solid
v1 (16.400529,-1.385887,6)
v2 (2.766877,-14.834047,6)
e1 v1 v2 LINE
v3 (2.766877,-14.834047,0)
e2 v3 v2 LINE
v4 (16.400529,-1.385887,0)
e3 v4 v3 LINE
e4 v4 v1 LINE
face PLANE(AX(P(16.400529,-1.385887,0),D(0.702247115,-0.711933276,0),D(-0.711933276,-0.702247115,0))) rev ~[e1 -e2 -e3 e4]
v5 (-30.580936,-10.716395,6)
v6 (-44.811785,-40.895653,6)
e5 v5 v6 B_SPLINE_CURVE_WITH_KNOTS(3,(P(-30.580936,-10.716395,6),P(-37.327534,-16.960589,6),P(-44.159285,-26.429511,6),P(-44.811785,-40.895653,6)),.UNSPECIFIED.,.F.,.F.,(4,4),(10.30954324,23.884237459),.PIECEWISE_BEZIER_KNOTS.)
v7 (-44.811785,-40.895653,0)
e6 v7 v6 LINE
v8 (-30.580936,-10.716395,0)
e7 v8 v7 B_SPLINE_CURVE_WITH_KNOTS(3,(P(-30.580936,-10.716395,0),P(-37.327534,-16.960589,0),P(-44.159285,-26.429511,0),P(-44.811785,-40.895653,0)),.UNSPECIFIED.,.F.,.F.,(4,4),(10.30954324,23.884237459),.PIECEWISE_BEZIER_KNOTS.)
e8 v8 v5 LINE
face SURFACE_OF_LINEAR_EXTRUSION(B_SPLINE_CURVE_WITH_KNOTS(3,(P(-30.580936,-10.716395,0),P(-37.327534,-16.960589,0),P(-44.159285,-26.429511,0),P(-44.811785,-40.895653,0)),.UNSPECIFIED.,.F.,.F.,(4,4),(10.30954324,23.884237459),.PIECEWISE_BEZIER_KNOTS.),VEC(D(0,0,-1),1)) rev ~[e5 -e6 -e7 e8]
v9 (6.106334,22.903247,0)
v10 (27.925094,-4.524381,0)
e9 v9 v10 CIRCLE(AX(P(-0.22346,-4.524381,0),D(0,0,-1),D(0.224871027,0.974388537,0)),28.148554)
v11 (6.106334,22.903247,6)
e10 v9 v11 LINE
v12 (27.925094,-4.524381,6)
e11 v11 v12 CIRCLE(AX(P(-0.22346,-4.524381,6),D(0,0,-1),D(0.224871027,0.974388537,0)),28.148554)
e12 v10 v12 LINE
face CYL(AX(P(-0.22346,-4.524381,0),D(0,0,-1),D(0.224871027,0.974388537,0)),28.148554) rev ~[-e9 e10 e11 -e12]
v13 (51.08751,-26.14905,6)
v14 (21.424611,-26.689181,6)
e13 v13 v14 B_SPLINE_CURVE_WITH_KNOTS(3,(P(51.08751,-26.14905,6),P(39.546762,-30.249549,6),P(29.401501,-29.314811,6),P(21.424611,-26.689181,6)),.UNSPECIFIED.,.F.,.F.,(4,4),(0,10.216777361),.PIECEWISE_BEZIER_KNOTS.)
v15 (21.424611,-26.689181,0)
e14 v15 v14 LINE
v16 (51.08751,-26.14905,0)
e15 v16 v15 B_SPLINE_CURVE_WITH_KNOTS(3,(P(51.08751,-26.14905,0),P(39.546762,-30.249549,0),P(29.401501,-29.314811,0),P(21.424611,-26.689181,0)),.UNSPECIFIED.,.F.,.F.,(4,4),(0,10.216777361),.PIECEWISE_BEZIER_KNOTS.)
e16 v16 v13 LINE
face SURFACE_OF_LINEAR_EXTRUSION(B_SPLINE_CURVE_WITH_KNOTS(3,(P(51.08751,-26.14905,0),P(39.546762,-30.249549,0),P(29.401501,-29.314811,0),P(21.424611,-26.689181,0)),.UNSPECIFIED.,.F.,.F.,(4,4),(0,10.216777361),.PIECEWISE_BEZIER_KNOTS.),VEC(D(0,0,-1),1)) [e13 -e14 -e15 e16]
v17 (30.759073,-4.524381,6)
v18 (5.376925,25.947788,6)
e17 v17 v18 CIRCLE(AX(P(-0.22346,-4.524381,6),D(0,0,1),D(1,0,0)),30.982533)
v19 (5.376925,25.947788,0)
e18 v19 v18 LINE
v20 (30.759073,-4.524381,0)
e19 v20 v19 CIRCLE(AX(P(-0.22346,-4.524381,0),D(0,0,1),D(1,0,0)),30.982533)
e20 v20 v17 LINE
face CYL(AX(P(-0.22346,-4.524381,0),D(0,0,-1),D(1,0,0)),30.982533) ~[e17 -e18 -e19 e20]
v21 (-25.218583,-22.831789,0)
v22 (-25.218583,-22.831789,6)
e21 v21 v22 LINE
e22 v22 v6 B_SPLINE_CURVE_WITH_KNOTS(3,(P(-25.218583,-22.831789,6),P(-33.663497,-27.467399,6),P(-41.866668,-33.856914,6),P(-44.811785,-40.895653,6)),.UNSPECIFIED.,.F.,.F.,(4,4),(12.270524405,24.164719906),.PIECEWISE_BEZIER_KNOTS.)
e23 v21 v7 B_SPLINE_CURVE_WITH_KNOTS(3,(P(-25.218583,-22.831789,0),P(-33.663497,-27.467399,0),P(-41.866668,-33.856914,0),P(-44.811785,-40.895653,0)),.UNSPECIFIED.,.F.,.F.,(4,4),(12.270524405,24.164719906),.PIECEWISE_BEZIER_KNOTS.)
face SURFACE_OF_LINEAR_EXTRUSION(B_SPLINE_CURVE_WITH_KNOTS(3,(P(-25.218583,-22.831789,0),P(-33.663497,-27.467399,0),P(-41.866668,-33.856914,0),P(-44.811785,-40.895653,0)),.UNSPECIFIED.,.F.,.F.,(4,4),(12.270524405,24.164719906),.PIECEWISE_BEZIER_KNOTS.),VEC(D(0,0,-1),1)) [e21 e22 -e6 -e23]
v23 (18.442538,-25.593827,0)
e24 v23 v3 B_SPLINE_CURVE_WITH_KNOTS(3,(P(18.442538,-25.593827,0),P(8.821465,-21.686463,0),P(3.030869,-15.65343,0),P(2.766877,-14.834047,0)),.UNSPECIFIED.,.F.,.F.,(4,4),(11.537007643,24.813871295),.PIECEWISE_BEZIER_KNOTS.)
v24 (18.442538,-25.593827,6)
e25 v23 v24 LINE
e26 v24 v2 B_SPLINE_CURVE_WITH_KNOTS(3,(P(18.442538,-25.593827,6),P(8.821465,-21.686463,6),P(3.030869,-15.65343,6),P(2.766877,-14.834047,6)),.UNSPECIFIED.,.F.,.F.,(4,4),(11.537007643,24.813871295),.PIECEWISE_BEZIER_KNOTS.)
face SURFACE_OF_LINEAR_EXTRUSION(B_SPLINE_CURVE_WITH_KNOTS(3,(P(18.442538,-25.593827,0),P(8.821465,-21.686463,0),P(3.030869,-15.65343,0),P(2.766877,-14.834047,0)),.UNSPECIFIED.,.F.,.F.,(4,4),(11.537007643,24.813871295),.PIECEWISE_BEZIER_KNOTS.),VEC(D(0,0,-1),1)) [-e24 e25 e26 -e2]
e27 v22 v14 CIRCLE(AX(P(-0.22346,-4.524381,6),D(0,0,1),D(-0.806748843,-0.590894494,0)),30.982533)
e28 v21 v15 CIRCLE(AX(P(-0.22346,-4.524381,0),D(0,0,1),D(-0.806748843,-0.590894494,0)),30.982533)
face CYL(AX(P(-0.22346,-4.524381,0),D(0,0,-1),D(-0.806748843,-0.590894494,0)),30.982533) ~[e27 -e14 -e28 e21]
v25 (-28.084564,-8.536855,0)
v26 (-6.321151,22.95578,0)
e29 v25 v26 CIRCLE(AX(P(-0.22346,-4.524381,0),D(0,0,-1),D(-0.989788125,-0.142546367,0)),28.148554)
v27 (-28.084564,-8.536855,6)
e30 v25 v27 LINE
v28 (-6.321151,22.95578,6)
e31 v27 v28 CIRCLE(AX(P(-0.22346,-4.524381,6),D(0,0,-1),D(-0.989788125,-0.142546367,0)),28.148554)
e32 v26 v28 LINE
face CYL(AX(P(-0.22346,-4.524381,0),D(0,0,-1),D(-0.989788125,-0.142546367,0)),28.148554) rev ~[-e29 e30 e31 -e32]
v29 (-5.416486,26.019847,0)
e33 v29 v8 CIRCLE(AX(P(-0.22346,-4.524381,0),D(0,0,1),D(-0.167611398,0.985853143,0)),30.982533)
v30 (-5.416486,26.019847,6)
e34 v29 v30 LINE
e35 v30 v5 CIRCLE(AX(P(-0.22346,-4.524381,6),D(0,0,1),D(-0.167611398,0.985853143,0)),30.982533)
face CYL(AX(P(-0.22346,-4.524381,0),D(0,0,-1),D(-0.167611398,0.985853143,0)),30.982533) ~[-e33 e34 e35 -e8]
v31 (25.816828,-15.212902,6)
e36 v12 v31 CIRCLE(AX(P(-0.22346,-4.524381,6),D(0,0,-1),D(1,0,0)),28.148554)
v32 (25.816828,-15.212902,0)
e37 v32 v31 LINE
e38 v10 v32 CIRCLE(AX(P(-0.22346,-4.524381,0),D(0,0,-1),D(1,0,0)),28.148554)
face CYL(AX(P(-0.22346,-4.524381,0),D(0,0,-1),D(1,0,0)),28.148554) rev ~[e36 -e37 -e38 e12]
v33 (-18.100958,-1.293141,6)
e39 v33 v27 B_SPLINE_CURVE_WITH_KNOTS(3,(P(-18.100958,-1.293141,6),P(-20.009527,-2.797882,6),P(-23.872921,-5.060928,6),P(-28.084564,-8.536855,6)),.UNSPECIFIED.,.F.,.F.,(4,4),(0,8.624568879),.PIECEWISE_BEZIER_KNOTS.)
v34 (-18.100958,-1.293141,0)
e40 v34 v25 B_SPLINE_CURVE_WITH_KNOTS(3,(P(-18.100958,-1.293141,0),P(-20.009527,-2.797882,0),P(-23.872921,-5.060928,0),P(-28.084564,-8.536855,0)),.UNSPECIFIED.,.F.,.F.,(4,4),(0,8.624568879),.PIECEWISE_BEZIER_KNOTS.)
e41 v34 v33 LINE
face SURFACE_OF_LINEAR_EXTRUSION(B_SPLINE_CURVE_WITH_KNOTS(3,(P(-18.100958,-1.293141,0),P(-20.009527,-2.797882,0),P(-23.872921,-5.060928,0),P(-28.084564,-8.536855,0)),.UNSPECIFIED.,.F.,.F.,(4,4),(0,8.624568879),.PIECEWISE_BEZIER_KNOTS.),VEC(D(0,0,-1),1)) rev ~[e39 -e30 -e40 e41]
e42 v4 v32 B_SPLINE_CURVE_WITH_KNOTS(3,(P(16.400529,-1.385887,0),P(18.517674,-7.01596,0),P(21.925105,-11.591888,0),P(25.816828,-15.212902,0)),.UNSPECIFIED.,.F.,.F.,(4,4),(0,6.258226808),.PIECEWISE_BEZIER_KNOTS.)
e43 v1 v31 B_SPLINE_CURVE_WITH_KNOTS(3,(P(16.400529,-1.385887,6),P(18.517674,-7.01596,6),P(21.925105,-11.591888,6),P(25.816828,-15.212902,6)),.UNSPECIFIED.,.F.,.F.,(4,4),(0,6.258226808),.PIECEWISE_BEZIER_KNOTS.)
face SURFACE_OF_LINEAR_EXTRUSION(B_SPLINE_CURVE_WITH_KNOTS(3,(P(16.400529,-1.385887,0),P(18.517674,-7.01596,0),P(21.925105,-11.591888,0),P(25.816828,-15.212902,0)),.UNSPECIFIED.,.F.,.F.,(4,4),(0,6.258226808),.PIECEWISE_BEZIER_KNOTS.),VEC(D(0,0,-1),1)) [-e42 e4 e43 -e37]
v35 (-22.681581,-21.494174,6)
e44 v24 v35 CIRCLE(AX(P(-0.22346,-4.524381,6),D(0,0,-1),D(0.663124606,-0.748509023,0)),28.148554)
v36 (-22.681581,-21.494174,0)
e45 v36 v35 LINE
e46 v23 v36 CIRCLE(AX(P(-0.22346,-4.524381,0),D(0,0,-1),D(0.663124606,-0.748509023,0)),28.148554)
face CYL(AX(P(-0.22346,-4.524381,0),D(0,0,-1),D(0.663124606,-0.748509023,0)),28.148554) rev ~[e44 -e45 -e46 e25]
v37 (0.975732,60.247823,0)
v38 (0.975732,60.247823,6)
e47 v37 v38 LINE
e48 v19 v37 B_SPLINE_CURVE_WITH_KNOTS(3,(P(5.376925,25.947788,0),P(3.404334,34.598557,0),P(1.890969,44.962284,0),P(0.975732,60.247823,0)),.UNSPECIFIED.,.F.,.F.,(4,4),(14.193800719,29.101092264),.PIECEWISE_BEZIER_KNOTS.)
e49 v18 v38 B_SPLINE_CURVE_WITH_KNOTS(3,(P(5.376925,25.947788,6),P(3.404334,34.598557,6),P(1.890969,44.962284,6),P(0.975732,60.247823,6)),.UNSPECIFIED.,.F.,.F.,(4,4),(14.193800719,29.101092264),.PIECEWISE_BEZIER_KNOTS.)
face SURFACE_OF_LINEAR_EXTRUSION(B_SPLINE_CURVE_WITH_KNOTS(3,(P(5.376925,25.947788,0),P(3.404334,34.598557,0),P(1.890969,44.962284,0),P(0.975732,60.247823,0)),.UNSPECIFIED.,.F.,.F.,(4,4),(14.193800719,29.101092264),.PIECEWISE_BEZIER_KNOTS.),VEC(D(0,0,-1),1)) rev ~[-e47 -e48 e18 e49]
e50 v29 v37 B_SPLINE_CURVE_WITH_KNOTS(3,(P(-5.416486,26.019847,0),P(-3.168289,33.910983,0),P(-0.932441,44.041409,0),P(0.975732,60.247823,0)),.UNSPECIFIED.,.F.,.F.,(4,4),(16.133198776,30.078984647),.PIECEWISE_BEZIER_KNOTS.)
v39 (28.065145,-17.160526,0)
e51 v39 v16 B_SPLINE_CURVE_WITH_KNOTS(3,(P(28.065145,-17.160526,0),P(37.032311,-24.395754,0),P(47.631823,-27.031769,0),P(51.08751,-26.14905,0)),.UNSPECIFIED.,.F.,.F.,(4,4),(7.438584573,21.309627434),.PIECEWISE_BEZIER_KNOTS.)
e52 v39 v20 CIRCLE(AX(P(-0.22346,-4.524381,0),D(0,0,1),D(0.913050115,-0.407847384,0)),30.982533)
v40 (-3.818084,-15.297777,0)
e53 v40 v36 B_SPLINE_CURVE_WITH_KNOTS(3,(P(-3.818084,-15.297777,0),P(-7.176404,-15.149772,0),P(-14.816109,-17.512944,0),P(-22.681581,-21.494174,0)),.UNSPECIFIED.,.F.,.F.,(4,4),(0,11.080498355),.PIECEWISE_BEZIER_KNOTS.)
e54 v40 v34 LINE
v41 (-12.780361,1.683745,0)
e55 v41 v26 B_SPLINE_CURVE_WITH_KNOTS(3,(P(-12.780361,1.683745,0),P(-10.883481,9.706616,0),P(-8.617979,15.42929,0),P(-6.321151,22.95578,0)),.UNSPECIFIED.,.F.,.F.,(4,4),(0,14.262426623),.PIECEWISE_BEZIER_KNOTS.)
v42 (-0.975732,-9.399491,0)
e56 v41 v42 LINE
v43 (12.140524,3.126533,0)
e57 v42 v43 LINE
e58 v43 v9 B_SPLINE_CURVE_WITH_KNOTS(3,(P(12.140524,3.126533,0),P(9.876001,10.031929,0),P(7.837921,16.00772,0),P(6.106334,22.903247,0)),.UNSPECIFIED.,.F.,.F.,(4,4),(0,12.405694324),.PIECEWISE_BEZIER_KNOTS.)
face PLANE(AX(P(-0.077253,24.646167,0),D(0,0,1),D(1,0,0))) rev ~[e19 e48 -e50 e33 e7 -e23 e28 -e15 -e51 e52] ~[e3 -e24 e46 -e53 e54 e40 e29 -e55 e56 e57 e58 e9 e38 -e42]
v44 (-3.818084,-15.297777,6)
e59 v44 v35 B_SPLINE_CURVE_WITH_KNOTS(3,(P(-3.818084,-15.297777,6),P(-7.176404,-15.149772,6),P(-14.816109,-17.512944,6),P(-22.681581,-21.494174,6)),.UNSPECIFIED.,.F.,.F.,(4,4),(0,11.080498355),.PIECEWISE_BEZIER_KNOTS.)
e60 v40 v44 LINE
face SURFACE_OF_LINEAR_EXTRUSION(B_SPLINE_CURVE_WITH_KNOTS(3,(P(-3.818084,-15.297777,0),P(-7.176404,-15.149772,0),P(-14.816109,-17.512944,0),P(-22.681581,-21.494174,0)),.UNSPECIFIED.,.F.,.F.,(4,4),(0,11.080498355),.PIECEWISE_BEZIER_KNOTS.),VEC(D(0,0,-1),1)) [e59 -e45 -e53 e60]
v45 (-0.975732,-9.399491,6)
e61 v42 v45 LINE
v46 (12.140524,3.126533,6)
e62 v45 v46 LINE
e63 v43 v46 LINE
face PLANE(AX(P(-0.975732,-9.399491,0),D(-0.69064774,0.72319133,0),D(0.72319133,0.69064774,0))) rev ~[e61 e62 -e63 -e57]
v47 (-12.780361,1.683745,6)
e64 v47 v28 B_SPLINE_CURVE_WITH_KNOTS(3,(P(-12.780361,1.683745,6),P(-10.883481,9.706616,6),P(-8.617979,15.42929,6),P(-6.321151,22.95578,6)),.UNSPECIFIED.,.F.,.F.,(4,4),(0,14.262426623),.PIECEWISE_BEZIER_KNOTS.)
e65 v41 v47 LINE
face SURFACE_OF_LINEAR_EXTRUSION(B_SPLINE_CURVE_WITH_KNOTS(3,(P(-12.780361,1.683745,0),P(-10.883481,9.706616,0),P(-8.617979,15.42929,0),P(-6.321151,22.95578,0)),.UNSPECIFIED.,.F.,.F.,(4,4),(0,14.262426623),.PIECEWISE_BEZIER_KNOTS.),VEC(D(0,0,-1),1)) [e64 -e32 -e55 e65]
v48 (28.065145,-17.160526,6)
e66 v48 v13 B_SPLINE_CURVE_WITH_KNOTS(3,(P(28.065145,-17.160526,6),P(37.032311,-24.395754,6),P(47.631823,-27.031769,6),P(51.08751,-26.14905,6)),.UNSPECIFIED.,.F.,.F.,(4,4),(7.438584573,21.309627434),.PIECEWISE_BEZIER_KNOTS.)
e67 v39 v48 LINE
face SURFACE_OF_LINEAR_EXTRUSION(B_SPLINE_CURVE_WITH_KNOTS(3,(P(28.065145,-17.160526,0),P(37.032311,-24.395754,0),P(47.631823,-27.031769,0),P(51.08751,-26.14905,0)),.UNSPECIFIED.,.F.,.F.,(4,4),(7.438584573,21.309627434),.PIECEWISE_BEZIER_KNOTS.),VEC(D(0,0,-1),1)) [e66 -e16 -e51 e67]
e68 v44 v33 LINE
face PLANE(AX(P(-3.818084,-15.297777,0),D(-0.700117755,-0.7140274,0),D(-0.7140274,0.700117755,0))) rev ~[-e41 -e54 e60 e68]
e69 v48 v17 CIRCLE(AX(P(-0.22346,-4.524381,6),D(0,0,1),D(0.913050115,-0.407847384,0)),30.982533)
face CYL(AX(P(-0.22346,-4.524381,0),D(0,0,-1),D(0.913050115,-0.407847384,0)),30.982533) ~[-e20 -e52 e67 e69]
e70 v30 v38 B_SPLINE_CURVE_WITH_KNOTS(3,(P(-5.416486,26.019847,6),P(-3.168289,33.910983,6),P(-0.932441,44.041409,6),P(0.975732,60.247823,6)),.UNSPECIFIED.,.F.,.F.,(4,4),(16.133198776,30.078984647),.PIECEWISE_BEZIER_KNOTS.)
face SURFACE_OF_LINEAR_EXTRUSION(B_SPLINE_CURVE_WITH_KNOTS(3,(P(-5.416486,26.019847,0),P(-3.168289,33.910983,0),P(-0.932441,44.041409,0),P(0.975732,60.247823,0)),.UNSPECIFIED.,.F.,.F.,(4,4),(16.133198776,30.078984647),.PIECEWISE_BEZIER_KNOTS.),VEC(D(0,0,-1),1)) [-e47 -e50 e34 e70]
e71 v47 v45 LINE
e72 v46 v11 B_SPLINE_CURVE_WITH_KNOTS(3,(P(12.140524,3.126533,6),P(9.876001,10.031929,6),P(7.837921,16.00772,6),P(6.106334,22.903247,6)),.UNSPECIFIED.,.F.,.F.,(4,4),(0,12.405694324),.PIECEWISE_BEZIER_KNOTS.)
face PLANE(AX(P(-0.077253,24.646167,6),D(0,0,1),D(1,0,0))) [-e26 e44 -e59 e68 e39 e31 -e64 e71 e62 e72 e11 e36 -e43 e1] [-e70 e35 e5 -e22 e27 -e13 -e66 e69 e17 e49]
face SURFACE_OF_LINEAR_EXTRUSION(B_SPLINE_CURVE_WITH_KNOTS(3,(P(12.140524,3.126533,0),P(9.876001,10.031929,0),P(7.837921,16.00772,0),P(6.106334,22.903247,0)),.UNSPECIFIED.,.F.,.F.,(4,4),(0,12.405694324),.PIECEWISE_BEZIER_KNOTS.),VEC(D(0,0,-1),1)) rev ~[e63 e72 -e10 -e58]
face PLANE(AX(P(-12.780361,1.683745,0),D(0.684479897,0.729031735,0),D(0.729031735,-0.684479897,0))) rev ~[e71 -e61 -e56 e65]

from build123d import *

# Parameters (mm, degrees)
F1_DEPTH = 3
F2_SCALE = 2


with BuildPart() as f1:
    # F0 (on Top) → F1 (new body)
    with BuildSketch(Plane.XY):
        with BuildLine():
            ThreePointArc((-3.6484416958, 6.7781442245), (-0.540102633, 7.112214953), (2.5653010723, 6.7518778775))
            add(Edge.make_bspline(
                [(2.5653010723, 6.7518778775), (2.4405091478, 7.2488244878), (2.3189009562, 7.7553249268), (2.2005963536, 8.274148071)],
                knots=[12.4056943241, 12.4056943241, 12.4056943241, 12.4056943241, 14.1938007186, 14.1938007186, 14.1938007186, 14.1938007186], degree=3))
            ThreePointArc((2.2005963536, 8.274148071), (-0.4961751675, 8.5289851847), (-3.1961088455, 8.3101776771))
            add(Edge.make_bspline(
                [(-3.6484416958, 6.7781442245), (-3.4978066969, 7.2717610823), (-3.3469022152, 7.7808952815), (-3.1961088455, 8.3101776771)],
                knots=[14.2624266232, 14.2624266232, 14.2624266232, 14.2624266232, 16.1331987756, 16.1331987756, 16.1331987756, 16.1331987756], degree=3))
        make_face()
        with BuildLine():
            ThreePointArc((-3.1961088455, 8.3101776771), (-0.4961751675, 8.5289851847), (2.2005963536, 8.274148071))
            add(Edge.make_bspline(
                [(2.2005963536, 8.274148071), (1.2143009025, 12.5995326758), (0.4576186117, 17.781396506), (0, 25.4241656512)],
                knots=[14.1938007186, 14.1938007186, 14.1938007186, 14.1938007186, 29.1010922635, 29.1010922635, 29.1010922635, 29.1010922635], degree=3))
            add(Edge.make_bspline(
                [(-3.1961088455, 8.3101776771), (-2.0720104128, 12.2557457925), (-0.9540865302, 17.3209589741), (0, 25.4241656512)],
                knots=[16.1331987756, 16.1331987756, 16.1331987756, 16.1331987756, 30.0789846465, 30.0789846465, 30.0789846465, 30.0789846465], degree=3))
        make_face()
        with BuildLine():
            Line((-0.9757319349, -9.3994913623), (5.582395941, -3.136479063))
            add(Edge.make_bspline(
                [(5.582395941, -3.136479063), (4.4501346343, 0.3162188108), (3.4310943356, 3.3041145), (2.5653010723, 6.7518778775)],
                knots=[0, 0, 0, 0, 12.4056943241, 12.4056943241, 12.4056943241, 12.4056943241], degree=3))
            ThreePointArc((2.5653010723, 6.7518778775), (-0.540102633, 7.112214953), (-3.6484416958, 6.7781442245))
            add(Edge.make_bspline(
                [(-6.8780463189, -3.8578731474), (-5.9296063176, 0.1535622041), (-4.796855529, 3.0148990823), (-3.6484416958, 6.7781442245)],
                knots=[0, 0, 0, 0, 14.2624266232, 14.2624266232, 14.2624266232, 14.2624266232], degree=3))
            Line((-6.8780463189, -3.8578731474), (-0.9757319349, -9.3994913623))
        make_face()
        with BuildLine():
            ThreePointArc((8.7334032679, -17.4966593213), (10.874330072, -15.112659319), (12.4205479871, -12.3061964651))
            add(Edge.make_bspline(
                [(7.7123986557, -5.3926892579), (8.770971261, -8.2077255601), (10.474686648, -10.4956895969), (12.4205479871, -12.3061964651)],
                knots=[0, 0, 0, 0, 6.2582268085, 6.2582268085, 6.2582268085, 6.2582268085], degree=3))
            Line((7.7123986557, -5.3926892579), (0.8955727099, -12.1167693287))
            add(Edge.make_bspline(
                [(8.7334032679, -17.4966593213), (3.9228667252, -15.5429771562), (1.0275686945, -12.5264607926), (0.8955727099, -12.1167693287)],
                knots=[11.5370076431, 11.5370076431, 11.5370076431, 11.5370076431, 24.8138712945, 24.8138712945, 24.8138712945, 24.8138712945], degree=3))
        make_face()
        with BuildLine():
            add(Edge.make_bspline(
                [(-9.5383450389, -5.3463163786), (-10.49262934, -6.0986866638), (-12.424326651, -7.2302096902), (-14.5301480871, -8.9681731566)],
                knots=[0, 0, 0, 0, 8.6245688787, 8.6245688787, 8.6245688787, 8.6245688787], degree=3))
            ThreePointArc((-14.5301480871, -8.9681731566), (-13.5897762425, -12.3786219909), (-11.8286564013, -15.4468327663))
            add(Edge.make_bspline(
                [(-2.396908123, -12.3486341909), (-4.0760677963, -12.2746317325), (-7.8959202891, -13.4562176242), (-11.8286564013, -15.4468327663)],
                knots=[0, 0, 0, 0, 11.0804983555, 11.0804983555, 11.0804983555, 11.0804983555], degree=3))
            Line((-2.396908123, -12.3486341909), (-9.5383450389, -5.3463163786))
        make_face()
        with BuildLine():
            ThreePointArc((-13.0971573758, -16.115640243), (-14.7653401615, -13.2317871414), (-15.7783337815, -10.05794303))
            add(Edge.make_bspline(
                [(-15.7783337815, -10.05794303), (-19.1516330423, -13.1800399874), (-22.5675085561, -17.9145012857), (-22.8937584907, -25.1475721598)],
                knots=[10.3095432401, 10.3095432401, 10.3095432401, 10.3095432401, 23.8842374586, 23.8842374586, 23.8842374586, 23.8842374586], degree=3))
            add(Edge.make_bspline(
                [(-13.0971573758, -16.115640243), (-17.3196146767, -18.4334452494), (-21.4212001528, -21.6282024638), (-22.8937584907, -25.1475721598)],
                knots=[12.270524405, 12.270524405, 12.270524405, 12.270524405, 24.1647199058, 24.1647199058, 24.1647199058, 24.1647199058], degree=3))
        make_face()
        with BuildLine():
            add(Edge.make_bspline(
                [(13.5447066819, -13.280008659), (18.0282893985, -16.8976229036), (23.3280453307, -18.2156300712), (25.0558890402, -17.7742708474)],
                knots=[7.4385845728, 7.4385845728, 7.4385845728, 7.4385845728, 21.309627434, 21.309627434, 21.309627434, 21.309627434], degree=3))
            ThreePointArc((13.5447066819, -13.280008659), (12.1098171156, -15.8191454606), (10.2244394305, -18.0443364074))
            add(Edge.make_bspline(
                [(25.0558890402, -17.7742708474), (19.2855148917, -19.8245200458), (14.2128845416, -19.3571511333), (10.2244394305, -18.0443364074)],
                knots=[0, 0, 0, 0, 10.216777361, 10.216777361, 10.216777361, 10.216777361], degree=3))
        make_face()
        with BuildLine():
            ThreePointArc((-11.8286564013, -15.4468327663), (-13.5897762425, -12.3786219909), (-14.5301480871, -8.9681731566))
            add(Edge.make_bspline(
                [(-14.5301480871, -8.9681731566), (-14.9415605507, -9.3077175354), (-15.3596191736, -9.6704091938), (-15.7783337815, -10.05794303)],
                knots=[8.6245688787, 8.6245688787, 8.6245688787, 8.6245688787, 10.3095432401, 10.3095432401, 10.3095432401, 10.3095432401], degree=3))
            ThreePointArc((-15.7783337815, -10.05794303), (-14.7653401615, -13.2317871414), (-13.0971573758, -16.115640243))
            add(Edge.make_bspline(
                [(-11.8286564013, -15.4468327663), (-12.251025348, -15.6606213341), (-12.6746963375, -15.8837415547), (-13.0971573758, -16.115640243)],
                knots=[11.0804983555, 11.0804983555, 11.0804983555, 11.0804983555, 12.270524405, 12.270524405, 12.270524405, 12.270524405], degree=3))
        make_face()
        with BuildLine():
            add(Edge.make_bspline(
                [(12.4205479871, -12.3061964651), (12.7875549062, -12.6476743158), (13.1631757671, -12.972167417), (13.5447066819, -13.280008659)],
                knots=[6.2582268085, 6.2582268085, 6.2582268085, 6.2582268085, 7.4385845728, 7.4385845728, 7.4385845728, 7.4385845728], degree=3))
            ThreePointArc((12.4205479871, -12.3061964651), (10.874330072, -15.112659319), (8.7334032679, -17.4966593213))
            add(Edge.make_bspline(
                [(10.2244394305, -18.0443364074), (9.7090454048, -17.8746921356), (9.2117553986, -17.6909303799), (8.7334032679, -17.4966593213)],
                knots=[10.216777361, 10.216777361, 10.216777361, 10.216777361, 11.5370076431, 11.5370076431, 11.5370076431, 11.5370076431], degree=3))
            ThreePointArc((10.2244394305, -18.0443364074), (12.1098171156, -15.8191454606), (13.5447066819, -13.280008659))
        make_face()
        with BuildLine():
            add(Edge.make_bspline(
                [(2.5653010723, 6.7518778775), (2.4405091478, 7.2488244878), (2.3189009562, 7.7553249268), (2.2005963536, 8.274148071)],
                knots=[12.4056943241, 12.4056943241, 12.4056943241, 12.4056943241, 14.1938007186, 14.1938007186, 14.1938007186, 14.1938007186], degree=3))
            ThreePointArc((2.5653010723, 6.7518778775), (10.4146880315, 1.7999595127), (13.4746808178, -6.9619361311))
            ThreePointArc((13.4746808178, -6.9619361311), (13.2086330433, -9.6855511251), (12.4205479871, -12.3061964651))
            add(Edge.make_bspline(
                [(12.4205479871, -12.3061964651), (12.7875549062, -12.6476743158), (13.1631757671, -12.972167417), (13.5447066819, -13.280008659)],
                knots=[6.2582268085, 6.2582268085, 6.2582268085, 6.2582268085, 7.4385845728, 7.4385845728, 7.4385845728, 7.4385845728], degree=3))
            ThreePointArc((13.5447066819, -13.280008659), (14.551187834, -10.1919652364), (14.8916705331, -6.9619361311))
            ThreePointArc((14.8916705331, -6.9619361311), (11.3032999692, 2.9527200107), (2.2005963536, 8.274148071))
        make_face()
        with BuildLine():
            ThreePointArc((-14.5301480871, -8.9681731566), (-12.1780939635, 1.0395420648), (-3.6484416958, 6.7781442245))
            add(Edge.make_bspline(
                [(-3.6484416958, 6.7781442245), (-3.4978066969, 7.2717610823), (-3.3469022152, 7.7808952815), (-3.1961088455, 8.3101776771)],
                knots=[14.2624266232, 14.2624266232, 14.2624266232, 14.2624266232, 16.1331987756, 16.1331987756, 16.1331987756, 16.1331987756], degree=3))
            ThreePointArc((-3.1961088455, 8.3101776771), (-13.3799265264, 1.7926335872), (-15.7783337815, -10.05794303))
            add(Edge.make_bspline(
                [(-14.5301480871, -8.9681731566), (-14.9415605507, -9.3077175354), (-15.3596191736, -9.6704091938), (-15.7783337815, -10.05794303)],
                knots=[8.6245688787, 8.6245688787, 8.6245688787, 8.6245688787, 10.3095432401, 10.3095432401, 10.3095432401, 10.3095432401], degree=3))
        make_face()
        with BuildLine():
            add(Edge.make_bspline(
                [(10.2244394305, -18.0443364074), (9.7090454048, -17.8746921356), (9.2117553986, -17.6909303799), (8.7334032679, -17.4966593213)],
                knots=[10.216777361, 10.216777361, 10.216777361, 10.216777361, 11.5370076431, 11.5370076431, 11.5370076431, 11.5370076431], degree=3))
            ThreePointArc((8.7334032679, -17.4966593213), (-1.9957368203, -20.9667945394), (-11.8286564013, -15.4468327663))
            add(Edge.make_bspline(
                [(-11.8286564013, -15.4468327663), (-12.251025348, -15.6606213341), (-12.6746963375, -15.8837415547), (-13.0971573758, -16.115640243)],
                knots=[11.0804983555, 11.0804983555, 11.0804983555, 11.0804983555, 12.270524405, 12.270524405, 12.270524405, 12.270524405], degree=3))
            ThreePointArc((-13.0971573758, -16.115640243), (-1.8763651663, -22.4004982274), (10.2244394305, -18.0443364074))
        make_face()
    extrude(amount=F1_DEPTH)


with BuildPart() as f1_1:
    # F2: moved
    add(f1.part.scale(F2_SCALE).moved(Location((0.9757319349, 9.3994913623, 0))))


solid = f1_1.part
